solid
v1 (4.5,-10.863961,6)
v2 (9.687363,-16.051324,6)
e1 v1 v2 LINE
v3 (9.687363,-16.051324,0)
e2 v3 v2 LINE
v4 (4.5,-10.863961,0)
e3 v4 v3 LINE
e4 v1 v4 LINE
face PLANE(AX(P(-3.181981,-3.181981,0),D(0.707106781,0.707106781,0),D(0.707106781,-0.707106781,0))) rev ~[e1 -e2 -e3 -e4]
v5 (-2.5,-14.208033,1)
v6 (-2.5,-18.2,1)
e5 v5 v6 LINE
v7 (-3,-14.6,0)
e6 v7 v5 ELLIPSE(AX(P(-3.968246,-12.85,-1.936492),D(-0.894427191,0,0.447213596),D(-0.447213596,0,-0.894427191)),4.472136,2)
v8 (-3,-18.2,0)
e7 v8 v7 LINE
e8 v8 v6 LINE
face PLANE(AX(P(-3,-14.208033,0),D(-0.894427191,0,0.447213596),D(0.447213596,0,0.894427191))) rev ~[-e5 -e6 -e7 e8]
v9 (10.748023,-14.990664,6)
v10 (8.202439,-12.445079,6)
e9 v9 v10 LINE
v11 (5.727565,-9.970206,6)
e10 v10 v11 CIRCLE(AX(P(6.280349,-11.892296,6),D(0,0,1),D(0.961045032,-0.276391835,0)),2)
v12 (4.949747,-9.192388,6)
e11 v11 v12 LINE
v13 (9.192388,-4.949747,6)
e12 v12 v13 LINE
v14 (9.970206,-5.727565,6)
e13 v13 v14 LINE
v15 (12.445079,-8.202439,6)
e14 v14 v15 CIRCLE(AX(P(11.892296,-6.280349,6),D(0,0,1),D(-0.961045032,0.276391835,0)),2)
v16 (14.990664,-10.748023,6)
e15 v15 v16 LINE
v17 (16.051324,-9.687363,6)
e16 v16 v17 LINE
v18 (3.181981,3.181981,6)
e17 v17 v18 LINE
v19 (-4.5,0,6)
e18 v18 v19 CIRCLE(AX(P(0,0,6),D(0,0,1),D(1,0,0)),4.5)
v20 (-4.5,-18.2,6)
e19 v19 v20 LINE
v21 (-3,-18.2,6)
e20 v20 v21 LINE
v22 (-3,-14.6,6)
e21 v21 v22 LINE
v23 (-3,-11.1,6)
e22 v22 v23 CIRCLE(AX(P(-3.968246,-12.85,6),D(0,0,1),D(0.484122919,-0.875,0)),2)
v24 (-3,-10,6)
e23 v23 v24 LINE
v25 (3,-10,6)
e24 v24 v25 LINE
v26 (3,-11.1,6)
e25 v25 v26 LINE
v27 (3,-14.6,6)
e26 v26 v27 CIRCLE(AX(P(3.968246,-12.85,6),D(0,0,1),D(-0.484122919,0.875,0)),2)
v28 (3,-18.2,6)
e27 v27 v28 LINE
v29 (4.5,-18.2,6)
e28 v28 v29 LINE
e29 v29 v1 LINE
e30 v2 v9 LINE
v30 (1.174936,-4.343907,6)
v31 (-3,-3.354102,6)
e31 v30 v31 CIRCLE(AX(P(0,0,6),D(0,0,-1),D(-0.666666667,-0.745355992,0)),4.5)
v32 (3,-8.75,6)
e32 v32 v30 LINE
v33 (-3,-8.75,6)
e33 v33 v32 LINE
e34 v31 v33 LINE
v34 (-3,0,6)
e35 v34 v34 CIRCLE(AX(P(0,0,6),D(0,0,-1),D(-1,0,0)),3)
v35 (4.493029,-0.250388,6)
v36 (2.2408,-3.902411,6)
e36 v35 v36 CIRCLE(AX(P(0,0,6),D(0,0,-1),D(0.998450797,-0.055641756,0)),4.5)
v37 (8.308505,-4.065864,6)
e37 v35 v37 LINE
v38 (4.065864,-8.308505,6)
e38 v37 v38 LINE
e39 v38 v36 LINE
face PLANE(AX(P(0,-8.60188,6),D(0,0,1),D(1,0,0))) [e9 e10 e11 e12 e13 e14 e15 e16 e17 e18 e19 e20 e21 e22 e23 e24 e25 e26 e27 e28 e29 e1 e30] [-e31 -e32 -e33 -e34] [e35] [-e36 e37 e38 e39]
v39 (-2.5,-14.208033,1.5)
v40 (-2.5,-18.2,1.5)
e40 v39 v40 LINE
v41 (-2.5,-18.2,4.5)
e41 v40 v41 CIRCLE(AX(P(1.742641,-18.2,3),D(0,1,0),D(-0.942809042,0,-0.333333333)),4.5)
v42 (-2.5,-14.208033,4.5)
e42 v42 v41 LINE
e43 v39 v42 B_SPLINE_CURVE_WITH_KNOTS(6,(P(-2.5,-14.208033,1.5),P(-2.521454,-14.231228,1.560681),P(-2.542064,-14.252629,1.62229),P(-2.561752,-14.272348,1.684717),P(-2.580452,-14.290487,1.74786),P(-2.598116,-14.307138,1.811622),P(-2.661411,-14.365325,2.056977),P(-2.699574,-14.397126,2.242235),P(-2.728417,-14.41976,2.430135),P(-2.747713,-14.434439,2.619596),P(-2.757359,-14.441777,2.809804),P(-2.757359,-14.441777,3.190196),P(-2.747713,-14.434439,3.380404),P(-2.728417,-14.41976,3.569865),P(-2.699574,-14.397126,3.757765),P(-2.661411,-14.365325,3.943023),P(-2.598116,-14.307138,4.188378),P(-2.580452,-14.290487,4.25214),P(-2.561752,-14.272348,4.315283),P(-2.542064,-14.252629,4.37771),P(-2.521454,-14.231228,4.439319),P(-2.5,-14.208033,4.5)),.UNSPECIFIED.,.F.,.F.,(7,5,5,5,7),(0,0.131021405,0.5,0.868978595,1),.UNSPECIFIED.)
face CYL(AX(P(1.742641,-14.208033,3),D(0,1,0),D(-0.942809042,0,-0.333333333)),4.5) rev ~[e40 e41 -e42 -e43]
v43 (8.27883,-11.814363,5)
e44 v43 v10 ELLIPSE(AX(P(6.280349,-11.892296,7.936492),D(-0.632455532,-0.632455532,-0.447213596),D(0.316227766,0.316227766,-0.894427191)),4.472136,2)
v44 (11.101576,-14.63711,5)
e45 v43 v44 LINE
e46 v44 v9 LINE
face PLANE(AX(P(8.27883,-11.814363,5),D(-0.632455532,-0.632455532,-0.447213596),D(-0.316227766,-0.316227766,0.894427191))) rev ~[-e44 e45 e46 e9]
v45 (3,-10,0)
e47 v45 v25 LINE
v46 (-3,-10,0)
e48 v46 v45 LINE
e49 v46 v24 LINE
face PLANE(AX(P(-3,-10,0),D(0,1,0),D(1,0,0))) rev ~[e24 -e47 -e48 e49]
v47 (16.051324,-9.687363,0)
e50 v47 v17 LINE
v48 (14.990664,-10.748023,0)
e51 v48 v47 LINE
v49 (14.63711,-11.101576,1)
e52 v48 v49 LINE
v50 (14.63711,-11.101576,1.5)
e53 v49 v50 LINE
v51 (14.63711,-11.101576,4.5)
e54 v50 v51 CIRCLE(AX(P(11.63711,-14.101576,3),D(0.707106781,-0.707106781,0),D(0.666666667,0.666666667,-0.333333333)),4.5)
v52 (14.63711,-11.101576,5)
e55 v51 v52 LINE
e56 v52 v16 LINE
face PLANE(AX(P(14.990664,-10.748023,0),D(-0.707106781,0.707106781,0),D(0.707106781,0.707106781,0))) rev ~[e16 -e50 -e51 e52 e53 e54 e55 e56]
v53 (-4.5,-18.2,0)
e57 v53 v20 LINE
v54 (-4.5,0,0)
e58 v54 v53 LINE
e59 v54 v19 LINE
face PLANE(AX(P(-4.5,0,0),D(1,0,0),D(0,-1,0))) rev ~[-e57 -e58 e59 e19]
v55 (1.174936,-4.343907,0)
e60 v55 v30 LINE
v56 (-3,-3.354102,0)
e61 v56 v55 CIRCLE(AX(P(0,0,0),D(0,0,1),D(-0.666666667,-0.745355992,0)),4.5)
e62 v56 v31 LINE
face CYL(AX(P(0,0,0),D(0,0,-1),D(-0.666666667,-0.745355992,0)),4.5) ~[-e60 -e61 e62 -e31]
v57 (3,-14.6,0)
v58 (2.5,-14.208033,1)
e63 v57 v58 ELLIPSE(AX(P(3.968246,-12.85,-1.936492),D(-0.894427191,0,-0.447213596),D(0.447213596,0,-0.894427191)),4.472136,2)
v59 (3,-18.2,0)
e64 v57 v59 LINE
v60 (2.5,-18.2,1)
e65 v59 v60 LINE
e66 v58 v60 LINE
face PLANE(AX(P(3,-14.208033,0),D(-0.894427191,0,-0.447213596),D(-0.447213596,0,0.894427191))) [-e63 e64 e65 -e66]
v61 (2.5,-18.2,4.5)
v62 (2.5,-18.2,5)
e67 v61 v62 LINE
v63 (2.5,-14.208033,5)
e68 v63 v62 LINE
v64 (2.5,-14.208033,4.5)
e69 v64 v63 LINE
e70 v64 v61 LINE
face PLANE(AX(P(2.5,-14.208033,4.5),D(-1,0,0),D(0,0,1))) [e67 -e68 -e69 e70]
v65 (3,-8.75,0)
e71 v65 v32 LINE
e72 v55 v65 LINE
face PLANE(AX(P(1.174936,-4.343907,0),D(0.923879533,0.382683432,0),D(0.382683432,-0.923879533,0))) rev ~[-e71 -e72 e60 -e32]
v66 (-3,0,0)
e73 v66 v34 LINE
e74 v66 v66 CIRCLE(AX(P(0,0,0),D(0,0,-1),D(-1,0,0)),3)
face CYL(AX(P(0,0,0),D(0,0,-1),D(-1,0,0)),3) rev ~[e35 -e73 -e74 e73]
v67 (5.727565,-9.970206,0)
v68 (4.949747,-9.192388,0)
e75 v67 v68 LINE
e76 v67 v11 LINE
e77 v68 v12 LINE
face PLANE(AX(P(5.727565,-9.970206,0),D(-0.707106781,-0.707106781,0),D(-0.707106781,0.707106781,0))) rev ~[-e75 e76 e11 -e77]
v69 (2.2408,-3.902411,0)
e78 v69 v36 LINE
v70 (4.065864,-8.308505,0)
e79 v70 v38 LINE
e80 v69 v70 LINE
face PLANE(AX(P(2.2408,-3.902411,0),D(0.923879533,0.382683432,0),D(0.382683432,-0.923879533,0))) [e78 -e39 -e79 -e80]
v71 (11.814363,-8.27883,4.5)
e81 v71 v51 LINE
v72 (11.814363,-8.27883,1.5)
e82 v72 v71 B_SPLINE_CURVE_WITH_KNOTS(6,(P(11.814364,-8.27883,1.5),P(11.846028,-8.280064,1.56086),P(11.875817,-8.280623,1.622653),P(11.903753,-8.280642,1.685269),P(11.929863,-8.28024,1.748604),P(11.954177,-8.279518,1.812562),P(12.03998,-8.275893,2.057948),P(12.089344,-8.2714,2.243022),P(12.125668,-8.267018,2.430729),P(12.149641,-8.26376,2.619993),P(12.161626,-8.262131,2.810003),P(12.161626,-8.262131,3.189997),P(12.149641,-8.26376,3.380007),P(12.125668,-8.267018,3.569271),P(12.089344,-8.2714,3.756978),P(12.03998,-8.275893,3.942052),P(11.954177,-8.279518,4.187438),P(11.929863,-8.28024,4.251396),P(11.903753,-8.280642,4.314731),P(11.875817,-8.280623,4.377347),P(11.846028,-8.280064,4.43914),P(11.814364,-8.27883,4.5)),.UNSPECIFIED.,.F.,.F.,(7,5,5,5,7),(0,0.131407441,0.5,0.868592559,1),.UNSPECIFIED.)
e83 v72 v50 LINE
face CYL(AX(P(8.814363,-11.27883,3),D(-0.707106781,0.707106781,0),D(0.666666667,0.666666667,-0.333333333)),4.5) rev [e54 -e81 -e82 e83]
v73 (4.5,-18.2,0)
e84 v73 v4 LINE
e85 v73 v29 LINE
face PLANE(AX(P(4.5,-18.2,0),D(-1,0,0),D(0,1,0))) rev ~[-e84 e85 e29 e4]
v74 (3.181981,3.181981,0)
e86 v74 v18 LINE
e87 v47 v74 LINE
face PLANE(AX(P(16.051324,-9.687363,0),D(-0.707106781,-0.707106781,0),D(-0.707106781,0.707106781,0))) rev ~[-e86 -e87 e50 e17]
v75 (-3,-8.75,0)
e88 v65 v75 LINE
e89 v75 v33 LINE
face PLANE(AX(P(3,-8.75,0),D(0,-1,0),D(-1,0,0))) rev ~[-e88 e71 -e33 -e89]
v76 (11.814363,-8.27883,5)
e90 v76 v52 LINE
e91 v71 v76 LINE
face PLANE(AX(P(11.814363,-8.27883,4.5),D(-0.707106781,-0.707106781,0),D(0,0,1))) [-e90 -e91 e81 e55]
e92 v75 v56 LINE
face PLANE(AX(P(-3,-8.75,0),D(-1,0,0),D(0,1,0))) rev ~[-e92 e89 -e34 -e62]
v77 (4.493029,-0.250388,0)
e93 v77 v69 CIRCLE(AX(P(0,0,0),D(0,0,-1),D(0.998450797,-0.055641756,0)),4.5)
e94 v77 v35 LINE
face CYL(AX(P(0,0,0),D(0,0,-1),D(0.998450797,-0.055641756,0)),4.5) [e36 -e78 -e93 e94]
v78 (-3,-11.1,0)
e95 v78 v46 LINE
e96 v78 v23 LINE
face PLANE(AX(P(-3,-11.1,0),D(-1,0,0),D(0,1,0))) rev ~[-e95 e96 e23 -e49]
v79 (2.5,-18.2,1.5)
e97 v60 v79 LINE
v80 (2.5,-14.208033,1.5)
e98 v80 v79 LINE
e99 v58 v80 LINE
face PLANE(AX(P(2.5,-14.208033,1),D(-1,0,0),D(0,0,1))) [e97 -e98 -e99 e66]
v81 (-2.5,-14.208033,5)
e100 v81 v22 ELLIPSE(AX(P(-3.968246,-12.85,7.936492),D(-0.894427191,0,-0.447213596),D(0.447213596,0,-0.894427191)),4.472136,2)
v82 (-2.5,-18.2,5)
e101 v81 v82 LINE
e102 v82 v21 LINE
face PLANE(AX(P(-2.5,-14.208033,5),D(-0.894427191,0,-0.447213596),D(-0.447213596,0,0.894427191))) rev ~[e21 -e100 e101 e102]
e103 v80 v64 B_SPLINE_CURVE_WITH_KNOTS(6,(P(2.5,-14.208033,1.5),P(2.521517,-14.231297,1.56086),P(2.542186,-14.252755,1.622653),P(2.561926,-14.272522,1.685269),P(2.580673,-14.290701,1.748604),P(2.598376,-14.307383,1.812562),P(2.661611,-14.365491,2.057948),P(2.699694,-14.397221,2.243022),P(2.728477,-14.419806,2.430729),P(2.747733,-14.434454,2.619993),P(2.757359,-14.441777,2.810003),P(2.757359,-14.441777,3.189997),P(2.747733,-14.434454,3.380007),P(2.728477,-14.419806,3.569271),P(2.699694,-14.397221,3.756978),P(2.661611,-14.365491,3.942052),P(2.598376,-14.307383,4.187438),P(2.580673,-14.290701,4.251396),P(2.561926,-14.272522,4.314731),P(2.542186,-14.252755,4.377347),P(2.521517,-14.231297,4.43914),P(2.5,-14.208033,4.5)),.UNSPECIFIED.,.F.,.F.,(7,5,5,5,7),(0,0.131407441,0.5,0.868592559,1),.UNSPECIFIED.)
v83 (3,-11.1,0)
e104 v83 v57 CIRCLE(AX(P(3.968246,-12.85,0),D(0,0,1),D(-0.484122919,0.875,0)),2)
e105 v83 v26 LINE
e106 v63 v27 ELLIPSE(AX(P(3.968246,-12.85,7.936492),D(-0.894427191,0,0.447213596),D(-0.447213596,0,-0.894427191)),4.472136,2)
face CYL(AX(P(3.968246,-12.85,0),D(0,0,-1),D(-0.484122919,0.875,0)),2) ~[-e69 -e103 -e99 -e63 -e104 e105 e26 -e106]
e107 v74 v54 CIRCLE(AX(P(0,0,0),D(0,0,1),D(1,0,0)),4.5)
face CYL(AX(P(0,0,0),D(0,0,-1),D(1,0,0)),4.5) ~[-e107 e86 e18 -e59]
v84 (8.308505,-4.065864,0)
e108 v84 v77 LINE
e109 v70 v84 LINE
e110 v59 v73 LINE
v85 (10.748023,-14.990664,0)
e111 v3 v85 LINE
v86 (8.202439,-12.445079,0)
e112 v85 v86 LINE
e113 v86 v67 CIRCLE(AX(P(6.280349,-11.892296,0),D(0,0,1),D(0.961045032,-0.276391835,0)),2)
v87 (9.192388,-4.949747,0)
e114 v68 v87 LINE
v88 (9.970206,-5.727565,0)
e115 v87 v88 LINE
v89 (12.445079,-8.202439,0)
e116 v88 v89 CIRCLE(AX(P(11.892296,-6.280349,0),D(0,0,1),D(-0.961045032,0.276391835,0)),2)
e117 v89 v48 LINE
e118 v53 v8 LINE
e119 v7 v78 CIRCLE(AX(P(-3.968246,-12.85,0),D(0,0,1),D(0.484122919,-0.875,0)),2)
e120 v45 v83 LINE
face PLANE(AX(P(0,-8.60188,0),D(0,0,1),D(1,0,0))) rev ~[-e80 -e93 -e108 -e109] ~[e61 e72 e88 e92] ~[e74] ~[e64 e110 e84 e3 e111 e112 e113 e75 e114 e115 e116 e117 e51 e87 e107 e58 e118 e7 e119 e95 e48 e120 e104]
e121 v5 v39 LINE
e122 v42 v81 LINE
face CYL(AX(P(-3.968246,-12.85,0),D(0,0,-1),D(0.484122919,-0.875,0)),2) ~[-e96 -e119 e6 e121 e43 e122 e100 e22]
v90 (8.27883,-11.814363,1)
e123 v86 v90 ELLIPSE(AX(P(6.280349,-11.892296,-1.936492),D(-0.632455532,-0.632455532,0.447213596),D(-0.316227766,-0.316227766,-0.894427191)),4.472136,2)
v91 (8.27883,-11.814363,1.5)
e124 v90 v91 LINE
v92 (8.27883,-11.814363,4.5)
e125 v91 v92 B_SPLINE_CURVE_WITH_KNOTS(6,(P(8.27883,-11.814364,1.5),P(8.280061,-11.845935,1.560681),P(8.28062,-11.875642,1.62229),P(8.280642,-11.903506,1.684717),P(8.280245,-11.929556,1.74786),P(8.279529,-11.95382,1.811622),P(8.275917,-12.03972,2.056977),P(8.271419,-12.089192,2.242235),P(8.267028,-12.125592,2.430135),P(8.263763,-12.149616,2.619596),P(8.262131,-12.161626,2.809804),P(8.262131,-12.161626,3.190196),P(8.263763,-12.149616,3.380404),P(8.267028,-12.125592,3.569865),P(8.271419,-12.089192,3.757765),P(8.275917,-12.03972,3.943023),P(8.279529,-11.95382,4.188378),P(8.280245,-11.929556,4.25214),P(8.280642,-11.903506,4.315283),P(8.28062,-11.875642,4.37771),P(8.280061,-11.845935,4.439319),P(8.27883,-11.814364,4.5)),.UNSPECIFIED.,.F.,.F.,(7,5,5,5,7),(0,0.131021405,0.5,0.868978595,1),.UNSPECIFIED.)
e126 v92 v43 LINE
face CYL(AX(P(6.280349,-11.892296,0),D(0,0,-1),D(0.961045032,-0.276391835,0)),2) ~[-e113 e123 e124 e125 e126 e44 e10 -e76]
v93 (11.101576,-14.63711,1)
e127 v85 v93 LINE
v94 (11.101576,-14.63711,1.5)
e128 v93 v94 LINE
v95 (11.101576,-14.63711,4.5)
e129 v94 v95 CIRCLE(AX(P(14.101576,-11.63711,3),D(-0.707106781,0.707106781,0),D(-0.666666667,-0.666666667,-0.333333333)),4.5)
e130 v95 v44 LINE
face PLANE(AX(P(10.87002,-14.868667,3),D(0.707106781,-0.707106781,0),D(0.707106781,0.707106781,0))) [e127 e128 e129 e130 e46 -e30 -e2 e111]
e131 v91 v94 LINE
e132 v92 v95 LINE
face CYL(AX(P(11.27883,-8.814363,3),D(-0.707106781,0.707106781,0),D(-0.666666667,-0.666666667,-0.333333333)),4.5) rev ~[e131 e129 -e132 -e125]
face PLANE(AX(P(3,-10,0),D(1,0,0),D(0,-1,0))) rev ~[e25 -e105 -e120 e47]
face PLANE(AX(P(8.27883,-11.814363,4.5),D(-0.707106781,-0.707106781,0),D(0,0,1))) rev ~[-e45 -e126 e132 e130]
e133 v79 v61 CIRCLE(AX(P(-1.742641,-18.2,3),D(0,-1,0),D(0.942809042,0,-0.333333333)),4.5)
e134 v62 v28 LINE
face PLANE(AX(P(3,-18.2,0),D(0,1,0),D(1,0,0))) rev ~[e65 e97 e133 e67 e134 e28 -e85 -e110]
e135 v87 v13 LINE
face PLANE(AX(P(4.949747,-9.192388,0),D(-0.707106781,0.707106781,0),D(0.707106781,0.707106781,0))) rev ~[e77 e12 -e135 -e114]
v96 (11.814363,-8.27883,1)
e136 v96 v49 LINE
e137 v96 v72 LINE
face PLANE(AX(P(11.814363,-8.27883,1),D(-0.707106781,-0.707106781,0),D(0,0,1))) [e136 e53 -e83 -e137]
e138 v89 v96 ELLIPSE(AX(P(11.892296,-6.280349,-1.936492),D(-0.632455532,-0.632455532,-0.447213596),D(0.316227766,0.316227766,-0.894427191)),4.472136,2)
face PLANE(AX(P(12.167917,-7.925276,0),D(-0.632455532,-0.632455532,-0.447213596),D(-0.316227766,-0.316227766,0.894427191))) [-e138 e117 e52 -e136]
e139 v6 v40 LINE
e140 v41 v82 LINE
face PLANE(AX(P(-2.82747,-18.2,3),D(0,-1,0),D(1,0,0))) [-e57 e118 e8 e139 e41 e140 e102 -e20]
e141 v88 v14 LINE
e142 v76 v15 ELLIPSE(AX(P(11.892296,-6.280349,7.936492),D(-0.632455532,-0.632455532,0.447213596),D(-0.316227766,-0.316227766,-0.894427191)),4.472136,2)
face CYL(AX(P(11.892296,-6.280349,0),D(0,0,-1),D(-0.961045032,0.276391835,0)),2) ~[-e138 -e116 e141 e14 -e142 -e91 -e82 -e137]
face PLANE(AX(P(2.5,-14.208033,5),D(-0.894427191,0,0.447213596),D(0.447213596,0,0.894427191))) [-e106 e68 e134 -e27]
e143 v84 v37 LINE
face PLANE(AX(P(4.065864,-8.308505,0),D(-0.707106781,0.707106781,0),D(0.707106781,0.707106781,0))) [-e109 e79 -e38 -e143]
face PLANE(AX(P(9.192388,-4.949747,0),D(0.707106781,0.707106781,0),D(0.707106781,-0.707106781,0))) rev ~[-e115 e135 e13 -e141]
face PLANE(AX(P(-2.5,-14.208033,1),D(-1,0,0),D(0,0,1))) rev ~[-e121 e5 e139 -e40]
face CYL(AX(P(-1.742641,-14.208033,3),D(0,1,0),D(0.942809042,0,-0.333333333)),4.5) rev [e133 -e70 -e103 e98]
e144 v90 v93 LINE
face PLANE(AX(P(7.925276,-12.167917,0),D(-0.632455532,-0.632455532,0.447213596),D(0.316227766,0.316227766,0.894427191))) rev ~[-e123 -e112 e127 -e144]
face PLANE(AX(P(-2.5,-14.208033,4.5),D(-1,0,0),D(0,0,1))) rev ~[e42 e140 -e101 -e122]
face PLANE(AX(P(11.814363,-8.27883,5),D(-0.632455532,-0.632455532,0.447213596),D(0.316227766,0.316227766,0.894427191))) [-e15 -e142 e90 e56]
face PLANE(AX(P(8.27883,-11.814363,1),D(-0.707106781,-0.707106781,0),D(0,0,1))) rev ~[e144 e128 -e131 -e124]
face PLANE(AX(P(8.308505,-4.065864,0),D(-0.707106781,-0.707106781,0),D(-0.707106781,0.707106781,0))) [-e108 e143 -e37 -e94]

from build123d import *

# Parameters (mm, degrees)
EXTRUDE_1_DEPTH          = 6
EXTRUDE_2_REACH          = 25.907
PATTERN_CIRCULAR_1_COUNT = 2
PATTERN_CIRCULAR_1_ANGLE = 45
SKETCH_4_R               = 3
CUT_EXTRUDE_2_DEPTH      = 25.997699991


with BuildPart() as part:
    # 草图1 → 凸台-拉伸1 (new body)
    with BuildSketch(Plane.XY):
        with BuildLine():
            Line((-4.5, 0), (-4.5, -18.2))
            Line((-4.5, -18.2), (-3, -18.2))
            Line((-3, -18.2), (-3, -14.6))
            ThreePointArc((-3, -14.6), (-1.968245837, -12.85), (-3, -11.1))
            Line((-3, -11.1), (-3, -10))
            Line((-3, -10), (3, -10))
            Line((3, -10), (3, -11.1))
            ThreePointArc((3, -11.1), (1.968245837, -12.85), (3, -14.6))
            Line((3, -14.6), (3, -18.2))
            Line((3, -18.2), (4.5, -18.2))
            Line((4.5, -18.2), (4.5, 0))
            ThreePointArc((4.5, 0), (0, 4.5), (-4.5, 0))
        make_face()
    extrude_1 = extrude(amount=EXTRUDE_1_DEPTH)

    # 草图3 → 凸台-拉伸2 (add, up to next)
    with BuildSketch(Plane.XZ.offset(18.2), mode=Mode.PRIVATE) as extrude_2_sk1:
        with BuildLine():
            Line((-3, 6), (-3, 0))
            Line((-3, 0), (-2.5, 1))
            Line((-2.5, 1), (-2.5, 1.5))
            ThreePointArc((-2.5, 1.5), (-2.757359313, 3), (-2.5, 4.5))
            Line((-2.5, 4.5), (-2.5, 5))
            Line((-2.5, 5), (-3, 6))
        make_face()
    extrude_2_tool1 = extrude(extrude_2_sk1.sketch, amount=-EXTRUDE_2_REACH, mode=Mode.PRIVATE) - part.part
    # 草图3 → 凸台-拉伸2 (add, up to next)
    with BuildSketch(Plane.XZ.offset(18.2), mode=Mode.PRIVATE) as extrude_2_sk2:
        with BuildLine():
            Line((3, 0), (2.5, 1))
            Line((2.5, 1), (2.5, 1.5))
            ThreePointArc((2.5, 1.5), (2.757359313, 3), (2.5, 4.5))
            Line((2.5, 4.5), (2.5, 5))
            Line((2.5, 5), (3, 6))
            Line((3, 6), (3, 0))
        make_face()
    extrude_2_tool2 = extrude(extrude_2_sk2.sketch, amount=-EXTRUDE_2_REACH, mode=Mode.PRIVATE) - part.part
    extrude_2_1 = extrude_2_tool1.solids().sort_by_distance((-2.809362, -18.2, 3))[0]
    add(extrude_2_1)
    extrude_2_2 = extrude_2_tool2.solids().sort_by_distance((2.809362, -18.2, 3))[0]
    add(extrude_2_2)
    extrude_2 = extrude_2_1 + extrude_2_2  # 凸台-拉伸2 as one shape, for the pattern or mirror that repeats it

    # 阵列(圆周)1: 凸台-拉伸1, 凸台-拉伸2 ×2 about axis
    pattern_circular_1_axis = Axis((0, 0, 0), (0, 0, 1))
    add([extrude_1.rotate(pattern_circular_1_axis, i * PATTERN_CIRCULAR_1_ANGLE / (PATTERN_CIRCULAR_1_COUNT - 1)) for i in range(1, PATTERN_CIRCULAR_1_COUNT)])
    add([extrude_2.rotate(pattern_circular_1_axis, i * PATTERN_CIRCULAR_1_ANGLE / (PATTERN_CIRCULAR_1_COUNT - 1)) for i in range(1, PATTERN_CIRCULAR_1_COUNT)])

    # 草图4 → 切除-拉伸2 (cut, through all)
    with BuildSketch(Plane(origin=(0, 0, 0), x_dir=(-1, 0, 0), z_dir=(0, 0, -1))):
        Circle(SKETCH_4_R)
        with BuildLine():
            Line((3, -8.75), (3, -3.354101966))
            ThreePointArc((3, -3.354101966), (1.038095674, -4.378625055), (-1.174936357, -4.343906601))
            Line((-1.174936357, -4.343906601), (-3, -8.75))
            Line((-3, -8.75), (3, -8.75))
        make_face()
        with BuildLine():
            Line((-8.308504679, -4.065863992), (-4.493028589, -0.250387902))
            ThreePointArc((-4.493028589, -0.250387902), (-3.830199959, -2.362110978), (-2.240800349, -3.90241128))
            Line((-2.240800349, -3.90241128), (-4.065863992, -8.308504679))
            Line((-4.065863992, -8.308504679), (-8.308504679, -4.065863992))
        make_face()
    extrude(amount=-CUT_EXTRUDE_2_DEPTH, mode=Mode.SUBTRACT)


solid = part.part
